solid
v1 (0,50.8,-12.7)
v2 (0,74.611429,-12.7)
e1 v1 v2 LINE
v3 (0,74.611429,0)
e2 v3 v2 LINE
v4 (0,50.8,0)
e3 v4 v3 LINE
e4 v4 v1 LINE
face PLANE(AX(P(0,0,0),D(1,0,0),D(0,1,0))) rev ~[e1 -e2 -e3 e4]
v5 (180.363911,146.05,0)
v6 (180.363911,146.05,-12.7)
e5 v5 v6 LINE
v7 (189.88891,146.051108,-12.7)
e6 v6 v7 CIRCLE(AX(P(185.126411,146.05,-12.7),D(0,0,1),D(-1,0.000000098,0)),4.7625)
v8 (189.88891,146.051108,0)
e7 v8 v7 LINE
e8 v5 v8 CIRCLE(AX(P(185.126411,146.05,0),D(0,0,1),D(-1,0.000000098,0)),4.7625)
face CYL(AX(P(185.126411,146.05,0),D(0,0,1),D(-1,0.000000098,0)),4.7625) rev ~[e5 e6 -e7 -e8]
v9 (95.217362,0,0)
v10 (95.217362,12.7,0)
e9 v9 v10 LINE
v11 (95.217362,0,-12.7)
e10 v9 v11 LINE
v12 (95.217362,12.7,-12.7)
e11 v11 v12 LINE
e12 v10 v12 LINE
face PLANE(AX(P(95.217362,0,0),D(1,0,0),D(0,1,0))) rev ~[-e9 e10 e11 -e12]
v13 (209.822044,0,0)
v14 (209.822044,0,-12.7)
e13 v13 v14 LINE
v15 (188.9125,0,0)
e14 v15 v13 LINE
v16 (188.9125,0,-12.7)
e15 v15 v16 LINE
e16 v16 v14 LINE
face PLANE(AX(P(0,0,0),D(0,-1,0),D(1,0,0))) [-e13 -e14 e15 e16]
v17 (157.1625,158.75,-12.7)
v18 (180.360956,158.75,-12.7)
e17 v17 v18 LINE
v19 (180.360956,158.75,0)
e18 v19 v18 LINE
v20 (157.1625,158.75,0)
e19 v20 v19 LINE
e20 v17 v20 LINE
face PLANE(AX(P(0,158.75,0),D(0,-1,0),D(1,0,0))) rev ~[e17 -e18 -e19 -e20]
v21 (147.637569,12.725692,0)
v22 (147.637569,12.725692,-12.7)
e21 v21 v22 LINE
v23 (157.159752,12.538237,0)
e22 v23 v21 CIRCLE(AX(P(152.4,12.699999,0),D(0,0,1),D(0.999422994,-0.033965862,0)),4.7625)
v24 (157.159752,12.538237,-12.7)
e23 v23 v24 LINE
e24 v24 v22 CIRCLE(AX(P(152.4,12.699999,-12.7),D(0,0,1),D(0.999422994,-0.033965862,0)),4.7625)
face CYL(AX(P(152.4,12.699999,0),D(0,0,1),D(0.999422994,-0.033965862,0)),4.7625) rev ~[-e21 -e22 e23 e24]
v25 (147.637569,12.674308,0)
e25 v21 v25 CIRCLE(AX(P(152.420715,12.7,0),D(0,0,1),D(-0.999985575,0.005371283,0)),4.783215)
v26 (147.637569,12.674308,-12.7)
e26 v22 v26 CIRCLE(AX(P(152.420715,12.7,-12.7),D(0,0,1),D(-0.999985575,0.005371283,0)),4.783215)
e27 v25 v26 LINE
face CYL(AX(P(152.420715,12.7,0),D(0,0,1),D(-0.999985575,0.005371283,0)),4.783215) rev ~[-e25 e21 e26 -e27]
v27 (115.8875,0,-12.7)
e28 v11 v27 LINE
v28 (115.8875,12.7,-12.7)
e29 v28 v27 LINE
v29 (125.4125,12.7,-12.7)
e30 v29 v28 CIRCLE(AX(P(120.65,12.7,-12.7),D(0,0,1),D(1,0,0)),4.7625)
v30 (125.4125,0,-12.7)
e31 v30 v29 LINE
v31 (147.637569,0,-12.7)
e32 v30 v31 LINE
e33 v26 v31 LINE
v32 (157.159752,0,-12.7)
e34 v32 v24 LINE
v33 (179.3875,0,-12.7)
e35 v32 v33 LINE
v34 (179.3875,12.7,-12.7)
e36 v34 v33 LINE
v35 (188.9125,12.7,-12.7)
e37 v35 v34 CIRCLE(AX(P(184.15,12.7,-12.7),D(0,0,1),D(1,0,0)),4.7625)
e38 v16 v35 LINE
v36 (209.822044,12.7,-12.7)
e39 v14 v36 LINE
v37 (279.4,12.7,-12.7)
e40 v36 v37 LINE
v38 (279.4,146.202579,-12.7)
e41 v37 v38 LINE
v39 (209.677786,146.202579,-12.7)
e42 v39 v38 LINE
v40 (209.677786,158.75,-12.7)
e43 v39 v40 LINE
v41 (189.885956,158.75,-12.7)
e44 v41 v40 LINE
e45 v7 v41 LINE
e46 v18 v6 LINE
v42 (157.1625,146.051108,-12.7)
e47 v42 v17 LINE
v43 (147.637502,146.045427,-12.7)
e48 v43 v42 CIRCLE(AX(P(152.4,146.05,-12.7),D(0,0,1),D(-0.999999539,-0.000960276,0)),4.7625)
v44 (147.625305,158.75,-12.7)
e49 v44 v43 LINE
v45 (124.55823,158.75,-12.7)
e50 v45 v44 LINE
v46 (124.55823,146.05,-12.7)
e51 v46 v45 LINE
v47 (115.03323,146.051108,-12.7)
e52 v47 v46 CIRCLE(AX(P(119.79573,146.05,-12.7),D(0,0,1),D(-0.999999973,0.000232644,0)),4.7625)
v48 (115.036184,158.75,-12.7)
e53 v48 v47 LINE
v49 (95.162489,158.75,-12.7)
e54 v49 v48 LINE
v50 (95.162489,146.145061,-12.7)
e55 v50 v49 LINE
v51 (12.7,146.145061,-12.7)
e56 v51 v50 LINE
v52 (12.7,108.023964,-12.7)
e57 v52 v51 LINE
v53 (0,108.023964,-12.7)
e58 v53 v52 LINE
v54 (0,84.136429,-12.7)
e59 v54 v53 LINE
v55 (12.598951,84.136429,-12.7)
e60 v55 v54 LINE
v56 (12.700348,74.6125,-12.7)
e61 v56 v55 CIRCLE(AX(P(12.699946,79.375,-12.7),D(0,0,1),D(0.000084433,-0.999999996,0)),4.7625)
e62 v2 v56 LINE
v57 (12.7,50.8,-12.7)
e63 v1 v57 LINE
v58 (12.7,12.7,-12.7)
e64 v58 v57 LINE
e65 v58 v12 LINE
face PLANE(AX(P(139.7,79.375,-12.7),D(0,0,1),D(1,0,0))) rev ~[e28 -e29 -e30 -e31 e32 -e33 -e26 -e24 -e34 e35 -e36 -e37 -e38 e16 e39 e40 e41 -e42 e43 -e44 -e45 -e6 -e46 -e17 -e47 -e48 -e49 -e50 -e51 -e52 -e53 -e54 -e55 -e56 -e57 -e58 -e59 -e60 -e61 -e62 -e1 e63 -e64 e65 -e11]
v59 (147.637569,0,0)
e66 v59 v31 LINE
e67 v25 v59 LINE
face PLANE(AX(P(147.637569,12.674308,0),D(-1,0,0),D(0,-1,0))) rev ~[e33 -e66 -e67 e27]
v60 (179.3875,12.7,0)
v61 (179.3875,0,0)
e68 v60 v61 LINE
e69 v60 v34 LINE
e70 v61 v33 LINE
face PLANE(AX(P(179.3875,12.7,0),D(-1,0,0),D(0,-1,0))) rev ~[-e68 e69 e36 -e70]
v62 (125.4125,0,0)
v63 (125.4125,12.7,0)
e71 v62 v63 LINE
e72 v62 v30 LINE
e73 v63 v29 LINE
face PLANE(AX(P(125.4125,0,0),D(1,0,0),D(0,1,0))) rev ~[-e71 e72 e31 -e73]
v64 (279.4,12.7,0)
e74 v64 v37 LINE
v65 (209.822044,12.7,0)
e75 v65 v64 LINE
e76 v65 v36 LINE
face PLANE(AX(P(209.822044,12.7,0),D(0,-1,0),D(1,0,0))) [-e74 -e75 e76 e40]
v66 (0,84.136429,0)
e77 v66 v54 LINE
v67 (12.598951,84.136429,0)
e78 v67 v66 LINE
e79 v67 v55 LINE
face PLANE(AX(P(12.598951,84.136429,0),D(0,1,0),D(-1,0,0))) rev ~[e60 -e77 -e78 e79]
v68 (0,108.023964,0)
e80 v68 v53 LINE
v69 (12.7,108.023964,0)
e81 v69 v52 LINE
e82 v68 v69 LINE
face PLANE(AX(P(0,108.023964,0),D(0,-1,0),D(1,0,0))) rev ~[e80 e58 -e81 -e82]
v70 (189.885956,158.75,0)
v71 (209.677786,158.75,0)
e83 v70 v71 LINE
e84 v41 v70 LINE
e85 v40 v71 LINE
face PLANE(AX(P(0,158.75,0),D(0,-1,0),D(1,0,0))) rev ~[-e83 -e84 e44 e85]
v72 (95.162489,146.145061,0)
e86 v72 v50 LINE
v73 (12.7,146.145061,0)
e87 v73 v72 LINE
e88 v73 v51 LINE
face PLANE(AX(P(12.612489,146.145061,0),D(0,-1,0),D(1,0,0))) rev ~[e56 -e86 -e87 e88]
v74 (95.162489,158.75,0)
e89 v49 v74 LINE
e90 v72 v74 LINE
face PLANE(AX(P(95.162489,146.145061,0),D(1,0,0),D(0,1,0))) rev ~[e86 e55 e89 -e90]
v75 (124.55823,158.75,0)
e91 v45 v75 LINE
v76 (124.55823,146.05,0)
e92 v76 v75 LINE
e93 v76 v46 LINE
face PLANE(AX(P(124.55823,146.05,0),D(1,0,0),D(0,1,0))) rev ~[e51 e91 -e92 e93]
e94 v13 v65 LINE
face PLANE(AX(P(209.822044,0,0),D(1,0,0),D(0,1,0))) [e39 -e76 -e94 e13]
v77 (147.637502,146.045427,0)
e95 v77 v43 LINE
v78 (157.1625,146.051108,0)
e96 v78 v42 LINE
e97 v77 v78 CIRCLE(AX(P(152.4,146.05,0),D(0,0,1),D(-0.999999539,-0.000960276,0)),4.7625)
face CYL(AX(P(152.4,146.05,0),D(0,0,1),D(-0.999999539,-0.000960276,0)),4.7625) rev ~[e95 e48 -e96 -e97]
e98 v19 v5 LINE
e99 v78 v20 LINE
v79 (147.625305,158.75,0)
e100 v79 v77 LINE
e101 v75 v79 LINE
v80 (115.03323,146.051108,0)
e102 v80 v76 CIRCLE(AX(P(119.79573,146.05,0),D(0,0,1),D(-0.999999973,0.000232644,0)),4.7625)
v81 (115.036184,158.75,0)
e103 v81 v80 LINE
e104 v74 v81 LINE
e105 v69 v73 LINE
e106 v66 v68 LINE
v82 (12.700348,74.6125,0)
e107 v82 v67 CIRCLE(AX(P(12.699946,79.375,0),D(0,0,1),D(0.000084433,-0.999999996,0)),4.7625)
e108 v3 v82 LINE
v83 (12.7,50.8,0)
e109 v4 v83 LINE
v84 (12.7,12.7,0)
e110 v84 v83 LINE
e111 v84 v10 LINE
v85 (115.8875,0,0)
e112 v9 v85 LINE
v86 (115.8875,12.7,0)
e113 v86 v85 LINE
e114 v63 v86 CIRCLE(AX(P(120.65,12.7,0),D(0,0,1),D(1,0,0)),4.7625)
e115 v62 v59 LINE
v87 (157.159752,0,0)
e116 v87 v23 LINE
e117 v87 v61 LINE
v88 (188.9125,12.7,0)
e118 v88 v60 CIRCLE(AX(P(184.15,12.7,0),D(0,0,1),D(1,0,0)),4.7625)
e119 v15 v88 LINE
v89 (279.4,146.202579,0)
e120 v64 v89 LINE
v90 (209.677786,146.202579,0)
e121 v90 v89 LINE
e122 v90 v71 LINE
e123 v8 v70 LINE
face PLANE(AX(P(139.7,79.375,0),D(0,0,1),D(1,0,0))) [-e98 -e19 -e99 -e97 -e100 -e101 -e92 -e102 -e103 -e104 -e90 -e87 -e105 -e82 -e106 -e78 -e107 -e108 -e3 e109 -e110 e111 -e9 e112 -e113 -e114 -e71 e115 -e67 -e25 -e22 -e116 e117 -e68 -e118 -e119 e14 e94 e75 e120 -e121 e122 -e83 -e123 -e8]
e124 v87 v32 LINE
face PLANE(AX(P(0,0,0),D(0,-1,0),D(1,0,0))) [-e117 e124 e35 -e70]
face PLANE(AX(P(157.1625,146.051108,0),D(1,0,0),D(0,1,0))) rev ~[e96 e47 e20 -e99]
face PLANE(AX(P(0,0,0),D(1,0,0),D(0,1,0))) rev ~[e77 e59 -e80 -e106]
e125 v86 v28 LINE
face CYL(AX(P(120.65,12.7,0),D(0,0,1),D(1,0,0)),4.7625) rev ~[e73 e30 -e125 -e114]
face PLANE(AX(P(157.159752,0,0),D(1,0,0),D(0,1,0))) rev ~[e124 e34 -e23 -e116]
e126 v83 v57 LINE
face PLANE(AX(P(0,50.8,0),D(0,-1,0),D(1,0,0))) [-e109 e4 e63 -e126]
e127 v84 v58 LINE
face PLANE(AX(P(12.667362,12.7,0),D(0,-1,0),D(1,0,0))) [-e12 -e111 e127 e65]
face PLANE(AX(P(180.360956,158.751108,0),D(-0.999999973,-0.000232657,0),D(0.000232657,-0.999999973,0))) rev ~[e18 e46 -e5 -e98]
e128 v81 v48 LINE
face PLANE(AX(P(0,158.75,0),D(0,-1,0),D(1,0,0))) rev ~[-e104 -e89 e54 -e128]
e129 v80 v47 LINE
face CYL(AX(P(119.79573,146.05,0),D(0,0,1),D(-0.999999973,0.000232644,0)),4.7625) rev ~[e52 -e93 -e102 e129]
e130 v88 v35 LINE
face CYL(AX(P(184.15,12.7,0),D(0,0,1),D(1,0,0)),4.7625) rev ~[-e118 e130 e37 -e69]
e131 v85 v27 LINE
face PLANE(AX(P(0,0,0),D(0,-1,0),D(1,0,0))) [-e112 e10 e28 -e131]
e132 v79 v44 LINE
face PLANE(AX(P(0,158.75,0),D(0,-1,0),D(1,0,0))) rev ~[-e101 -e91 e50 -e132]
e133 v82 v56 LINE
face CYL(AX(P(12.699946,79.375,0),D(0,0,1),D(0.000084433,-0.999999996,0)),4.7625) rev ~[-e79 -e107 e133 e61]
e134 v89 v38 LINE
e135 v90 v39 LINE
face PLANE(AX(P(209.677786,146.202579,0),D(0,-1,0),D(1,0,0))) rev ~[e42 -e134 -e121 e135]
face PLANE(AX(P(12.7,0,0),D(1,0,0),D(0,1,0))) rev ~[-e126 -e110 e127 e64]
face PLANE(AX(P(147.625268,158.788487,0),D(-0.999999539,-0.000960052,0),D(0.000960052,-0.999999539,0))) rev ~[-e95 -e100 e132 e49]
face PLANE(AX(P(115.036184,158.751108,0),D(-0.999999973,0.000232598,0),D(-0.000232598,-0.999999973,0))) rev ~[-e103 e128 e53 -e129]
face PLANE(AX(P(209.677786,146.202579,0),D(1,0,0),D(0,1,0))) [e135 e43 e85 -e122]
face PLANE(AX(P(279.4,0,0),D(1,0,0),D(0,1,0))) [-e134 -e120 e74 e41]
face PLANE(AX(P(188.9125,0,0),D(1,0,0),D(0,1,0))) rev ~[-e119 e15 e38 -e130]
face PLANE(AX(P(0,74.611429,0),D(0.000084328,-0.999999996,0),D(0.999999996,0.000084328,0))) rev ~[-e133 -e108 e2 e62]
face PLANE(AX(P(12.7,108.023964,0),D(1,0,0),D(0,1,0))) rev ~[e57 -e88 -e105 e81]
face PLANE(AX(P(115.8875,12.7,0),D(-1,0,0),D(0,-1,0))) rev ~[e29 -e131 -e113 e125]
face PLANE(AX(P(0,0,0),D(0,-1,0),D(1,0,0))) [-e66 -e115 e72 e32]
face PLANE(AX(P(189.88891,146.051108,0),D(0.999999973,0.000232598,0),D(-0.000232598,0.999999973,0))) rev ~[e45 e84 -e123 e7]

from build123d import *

# Parameters (mm, degrees)
F0_W      = 279.4
F0_H      = 158.75
F1_DEPTH  = 12.7
F2_W      = 12.7
F2_H      = 50.8
F3_DEPTH  = 12.701
F5_DEPTH  = 12.701
F6_W      = 69.85
F6_H      = 12.7
F6_W_2    = 82.55
F7_DEPTH  = 12.701
F9_DEPTH  = 12.701
F10_DEPTH = 12.701


with BuildPart() as f1:
    # F0 (on Top) → F1 (new body)
    with BuildSketch(Plane.XY):
        with Locations((139.7, 79.375)):
            Rectangle(F0_W, F0_H)
    extrude(amount=-F1_DEPTH)

    # F2 (on Top) → F3 (cut, through all)
    with BuildSketch(Plane.XY):
        with Locations((6.35, 133.423964)):
            Rectangle(F2_W, F2_H)
        with Locations((6.35, 25.4)):
            Rectangle(F2_W, F2_H)
    extrude(amount=-F3_DEPTH, mode=Mode.SUBTRACT)

    # F4 (on Top) → F5 (cut, through all)
    with BuildSketch(Plane.XY):
        with BuildLine():
            Line((0, 74.611429), (12.700348, 74.6125))
            ThreePointArc((12.700348, 74.6125), (17.462176, 79.425701), (12.598951, 84.136429))
            Line((12.598951, 84.136429), (0, 84.136429))
            Line((0, 84.136429), (0, 74.611429))
        make_face()
    extrude(amount=-F5_DEPTH, mode=Mode.SUBTRACT)

    # F6 (on Top) → F7 (cut, through all)
    with BuildSketch(Plane.XY):
        with Locations((244.747044, 6.35)):
            Rectangle(F6_W, F6_H)
        with Locations((53.942362, 6.35)):
            Rectangle(F6_W_2, F6_H)
        with Locations((53.887489, 152.495061)):
            Rectangle(F6_W_2, F6_H)
        with Locations((244.602786, 152.552579)):
            Rectangle(F6_W, F6_H)
    extrude(amount=-F7_DEPTH, mode=Mode.SUBTRACT)

    # F8 (on Top) → F9 (cut, through all)
    with BuildSketch(Plane.XY):
        with BuildLine():
            Line((147.625268, 158.788487), (147.637502, 146.045427))
            ThreePointArc((147.637502, 146.045427), (152.40284, 141.287501), (157.1625, 146.051108))
            Line((157.1625, 146.051108), (157.1625, 158.788487))
            Line((157.1625, 158.788487), (147.625268, 158.788487))
        make_face()
        with BuildLine():
            Line((157.159752, 0), (157.159752, 12.538237))
            ThreePointArc((157.159752, 12.538237), (152.493737, 17.461577), (147.637569, 12.725692))
            ThreePointArc((147.637569, 12.725692), (147.6375, 12.7), (147.637569, 12.674308))
            Line((147.637569, 12.674308), (147.637569, 0))
            Line((147.637569, 0), (157.159752, 0))
        make_face()
    extrude(amount=-F9_DEPTH, mode=Mode.SUBTRACT)

    # F8 (on Top) → F10 (cut, through all)
    with BuildSketch(Plane.XY):
        with BuildLine():
            Line((157.159752, 0), (157.159752, 12.538237))
            ThreePointArc((157.159752, 12.538237), (152.493737, 17.461577), (147.637569, 12.725692))
            ThreePointArc((147.637569, 12.725692), (147.6375, 12.7), (147.637569, 12.674308))
            Line((147.637569, 12.674308), (147.637569, 0))
            Line((147.637569, 0), (157.159752, 0))
        make_face()
        with BuildLine():
            Line((188.9125, 0), (188.9125, 12.7))
            ThreePointArc((188.9125, 12.7), (184.15, 17.4625), (179.3875, 12.7))
            Line((179.3875, 12.7), (179.3875, 0))
            Line((179.3875, 0), (188.9125, 0))
        make_face()
        with BuildLine():
            Line((125.4125, 0), (125.4125, 12.7))
            ThreePointArc((125.4125, 12.7), (120.65, 17.4625), (115.8875, 12.7))
            Line((115.8875, 12.7), (115.8875, 0))
            Line((115.8875, 0), (125.4125, 0))
        make_face()
        with BuildLine():
            Line((115.036184, 158.751108), (115.03323, 146.051108))
            ThreePointArc((115.03323, 146.051108), (119.795176, 141.2875), (124.55823, 146.05))
            Line((124.55823, 146.05), (124.55823, 158.751108))
            Line((124.55823, 158.751108), (115.036184, 158.751108))
        make_face()
        with BuildLine():
            Line((147.625268, 158.788487), (147.637502, 146.045427))
            ThreePointArc((147.637502, 146.045427), (152.40284, 141.287501), (157.1625, 146.051108))
            Line((157.1625, 146.051108), (157.1625, 158.788487))
            Line((157.1625, 158.788487), (147.625268, 158.788487))
        make_face()
        with BuildLine():
            Line((180.360956, 158.751108), (180.363911, 146.05))
            ThreePointArc((180.363911, 146.05), (185.126964, 141.2875), (189.88891, 146.051108))
            Line((189.88891, 146.051108), (189.885956, 158.751108))
            Line((189.885956, 158.751108), (180.360956, 158.751108))
        make_face()
    extrude(amount=-F10_DEPTH, mode=Mode.SUBTRACT)


solid = f1.part
